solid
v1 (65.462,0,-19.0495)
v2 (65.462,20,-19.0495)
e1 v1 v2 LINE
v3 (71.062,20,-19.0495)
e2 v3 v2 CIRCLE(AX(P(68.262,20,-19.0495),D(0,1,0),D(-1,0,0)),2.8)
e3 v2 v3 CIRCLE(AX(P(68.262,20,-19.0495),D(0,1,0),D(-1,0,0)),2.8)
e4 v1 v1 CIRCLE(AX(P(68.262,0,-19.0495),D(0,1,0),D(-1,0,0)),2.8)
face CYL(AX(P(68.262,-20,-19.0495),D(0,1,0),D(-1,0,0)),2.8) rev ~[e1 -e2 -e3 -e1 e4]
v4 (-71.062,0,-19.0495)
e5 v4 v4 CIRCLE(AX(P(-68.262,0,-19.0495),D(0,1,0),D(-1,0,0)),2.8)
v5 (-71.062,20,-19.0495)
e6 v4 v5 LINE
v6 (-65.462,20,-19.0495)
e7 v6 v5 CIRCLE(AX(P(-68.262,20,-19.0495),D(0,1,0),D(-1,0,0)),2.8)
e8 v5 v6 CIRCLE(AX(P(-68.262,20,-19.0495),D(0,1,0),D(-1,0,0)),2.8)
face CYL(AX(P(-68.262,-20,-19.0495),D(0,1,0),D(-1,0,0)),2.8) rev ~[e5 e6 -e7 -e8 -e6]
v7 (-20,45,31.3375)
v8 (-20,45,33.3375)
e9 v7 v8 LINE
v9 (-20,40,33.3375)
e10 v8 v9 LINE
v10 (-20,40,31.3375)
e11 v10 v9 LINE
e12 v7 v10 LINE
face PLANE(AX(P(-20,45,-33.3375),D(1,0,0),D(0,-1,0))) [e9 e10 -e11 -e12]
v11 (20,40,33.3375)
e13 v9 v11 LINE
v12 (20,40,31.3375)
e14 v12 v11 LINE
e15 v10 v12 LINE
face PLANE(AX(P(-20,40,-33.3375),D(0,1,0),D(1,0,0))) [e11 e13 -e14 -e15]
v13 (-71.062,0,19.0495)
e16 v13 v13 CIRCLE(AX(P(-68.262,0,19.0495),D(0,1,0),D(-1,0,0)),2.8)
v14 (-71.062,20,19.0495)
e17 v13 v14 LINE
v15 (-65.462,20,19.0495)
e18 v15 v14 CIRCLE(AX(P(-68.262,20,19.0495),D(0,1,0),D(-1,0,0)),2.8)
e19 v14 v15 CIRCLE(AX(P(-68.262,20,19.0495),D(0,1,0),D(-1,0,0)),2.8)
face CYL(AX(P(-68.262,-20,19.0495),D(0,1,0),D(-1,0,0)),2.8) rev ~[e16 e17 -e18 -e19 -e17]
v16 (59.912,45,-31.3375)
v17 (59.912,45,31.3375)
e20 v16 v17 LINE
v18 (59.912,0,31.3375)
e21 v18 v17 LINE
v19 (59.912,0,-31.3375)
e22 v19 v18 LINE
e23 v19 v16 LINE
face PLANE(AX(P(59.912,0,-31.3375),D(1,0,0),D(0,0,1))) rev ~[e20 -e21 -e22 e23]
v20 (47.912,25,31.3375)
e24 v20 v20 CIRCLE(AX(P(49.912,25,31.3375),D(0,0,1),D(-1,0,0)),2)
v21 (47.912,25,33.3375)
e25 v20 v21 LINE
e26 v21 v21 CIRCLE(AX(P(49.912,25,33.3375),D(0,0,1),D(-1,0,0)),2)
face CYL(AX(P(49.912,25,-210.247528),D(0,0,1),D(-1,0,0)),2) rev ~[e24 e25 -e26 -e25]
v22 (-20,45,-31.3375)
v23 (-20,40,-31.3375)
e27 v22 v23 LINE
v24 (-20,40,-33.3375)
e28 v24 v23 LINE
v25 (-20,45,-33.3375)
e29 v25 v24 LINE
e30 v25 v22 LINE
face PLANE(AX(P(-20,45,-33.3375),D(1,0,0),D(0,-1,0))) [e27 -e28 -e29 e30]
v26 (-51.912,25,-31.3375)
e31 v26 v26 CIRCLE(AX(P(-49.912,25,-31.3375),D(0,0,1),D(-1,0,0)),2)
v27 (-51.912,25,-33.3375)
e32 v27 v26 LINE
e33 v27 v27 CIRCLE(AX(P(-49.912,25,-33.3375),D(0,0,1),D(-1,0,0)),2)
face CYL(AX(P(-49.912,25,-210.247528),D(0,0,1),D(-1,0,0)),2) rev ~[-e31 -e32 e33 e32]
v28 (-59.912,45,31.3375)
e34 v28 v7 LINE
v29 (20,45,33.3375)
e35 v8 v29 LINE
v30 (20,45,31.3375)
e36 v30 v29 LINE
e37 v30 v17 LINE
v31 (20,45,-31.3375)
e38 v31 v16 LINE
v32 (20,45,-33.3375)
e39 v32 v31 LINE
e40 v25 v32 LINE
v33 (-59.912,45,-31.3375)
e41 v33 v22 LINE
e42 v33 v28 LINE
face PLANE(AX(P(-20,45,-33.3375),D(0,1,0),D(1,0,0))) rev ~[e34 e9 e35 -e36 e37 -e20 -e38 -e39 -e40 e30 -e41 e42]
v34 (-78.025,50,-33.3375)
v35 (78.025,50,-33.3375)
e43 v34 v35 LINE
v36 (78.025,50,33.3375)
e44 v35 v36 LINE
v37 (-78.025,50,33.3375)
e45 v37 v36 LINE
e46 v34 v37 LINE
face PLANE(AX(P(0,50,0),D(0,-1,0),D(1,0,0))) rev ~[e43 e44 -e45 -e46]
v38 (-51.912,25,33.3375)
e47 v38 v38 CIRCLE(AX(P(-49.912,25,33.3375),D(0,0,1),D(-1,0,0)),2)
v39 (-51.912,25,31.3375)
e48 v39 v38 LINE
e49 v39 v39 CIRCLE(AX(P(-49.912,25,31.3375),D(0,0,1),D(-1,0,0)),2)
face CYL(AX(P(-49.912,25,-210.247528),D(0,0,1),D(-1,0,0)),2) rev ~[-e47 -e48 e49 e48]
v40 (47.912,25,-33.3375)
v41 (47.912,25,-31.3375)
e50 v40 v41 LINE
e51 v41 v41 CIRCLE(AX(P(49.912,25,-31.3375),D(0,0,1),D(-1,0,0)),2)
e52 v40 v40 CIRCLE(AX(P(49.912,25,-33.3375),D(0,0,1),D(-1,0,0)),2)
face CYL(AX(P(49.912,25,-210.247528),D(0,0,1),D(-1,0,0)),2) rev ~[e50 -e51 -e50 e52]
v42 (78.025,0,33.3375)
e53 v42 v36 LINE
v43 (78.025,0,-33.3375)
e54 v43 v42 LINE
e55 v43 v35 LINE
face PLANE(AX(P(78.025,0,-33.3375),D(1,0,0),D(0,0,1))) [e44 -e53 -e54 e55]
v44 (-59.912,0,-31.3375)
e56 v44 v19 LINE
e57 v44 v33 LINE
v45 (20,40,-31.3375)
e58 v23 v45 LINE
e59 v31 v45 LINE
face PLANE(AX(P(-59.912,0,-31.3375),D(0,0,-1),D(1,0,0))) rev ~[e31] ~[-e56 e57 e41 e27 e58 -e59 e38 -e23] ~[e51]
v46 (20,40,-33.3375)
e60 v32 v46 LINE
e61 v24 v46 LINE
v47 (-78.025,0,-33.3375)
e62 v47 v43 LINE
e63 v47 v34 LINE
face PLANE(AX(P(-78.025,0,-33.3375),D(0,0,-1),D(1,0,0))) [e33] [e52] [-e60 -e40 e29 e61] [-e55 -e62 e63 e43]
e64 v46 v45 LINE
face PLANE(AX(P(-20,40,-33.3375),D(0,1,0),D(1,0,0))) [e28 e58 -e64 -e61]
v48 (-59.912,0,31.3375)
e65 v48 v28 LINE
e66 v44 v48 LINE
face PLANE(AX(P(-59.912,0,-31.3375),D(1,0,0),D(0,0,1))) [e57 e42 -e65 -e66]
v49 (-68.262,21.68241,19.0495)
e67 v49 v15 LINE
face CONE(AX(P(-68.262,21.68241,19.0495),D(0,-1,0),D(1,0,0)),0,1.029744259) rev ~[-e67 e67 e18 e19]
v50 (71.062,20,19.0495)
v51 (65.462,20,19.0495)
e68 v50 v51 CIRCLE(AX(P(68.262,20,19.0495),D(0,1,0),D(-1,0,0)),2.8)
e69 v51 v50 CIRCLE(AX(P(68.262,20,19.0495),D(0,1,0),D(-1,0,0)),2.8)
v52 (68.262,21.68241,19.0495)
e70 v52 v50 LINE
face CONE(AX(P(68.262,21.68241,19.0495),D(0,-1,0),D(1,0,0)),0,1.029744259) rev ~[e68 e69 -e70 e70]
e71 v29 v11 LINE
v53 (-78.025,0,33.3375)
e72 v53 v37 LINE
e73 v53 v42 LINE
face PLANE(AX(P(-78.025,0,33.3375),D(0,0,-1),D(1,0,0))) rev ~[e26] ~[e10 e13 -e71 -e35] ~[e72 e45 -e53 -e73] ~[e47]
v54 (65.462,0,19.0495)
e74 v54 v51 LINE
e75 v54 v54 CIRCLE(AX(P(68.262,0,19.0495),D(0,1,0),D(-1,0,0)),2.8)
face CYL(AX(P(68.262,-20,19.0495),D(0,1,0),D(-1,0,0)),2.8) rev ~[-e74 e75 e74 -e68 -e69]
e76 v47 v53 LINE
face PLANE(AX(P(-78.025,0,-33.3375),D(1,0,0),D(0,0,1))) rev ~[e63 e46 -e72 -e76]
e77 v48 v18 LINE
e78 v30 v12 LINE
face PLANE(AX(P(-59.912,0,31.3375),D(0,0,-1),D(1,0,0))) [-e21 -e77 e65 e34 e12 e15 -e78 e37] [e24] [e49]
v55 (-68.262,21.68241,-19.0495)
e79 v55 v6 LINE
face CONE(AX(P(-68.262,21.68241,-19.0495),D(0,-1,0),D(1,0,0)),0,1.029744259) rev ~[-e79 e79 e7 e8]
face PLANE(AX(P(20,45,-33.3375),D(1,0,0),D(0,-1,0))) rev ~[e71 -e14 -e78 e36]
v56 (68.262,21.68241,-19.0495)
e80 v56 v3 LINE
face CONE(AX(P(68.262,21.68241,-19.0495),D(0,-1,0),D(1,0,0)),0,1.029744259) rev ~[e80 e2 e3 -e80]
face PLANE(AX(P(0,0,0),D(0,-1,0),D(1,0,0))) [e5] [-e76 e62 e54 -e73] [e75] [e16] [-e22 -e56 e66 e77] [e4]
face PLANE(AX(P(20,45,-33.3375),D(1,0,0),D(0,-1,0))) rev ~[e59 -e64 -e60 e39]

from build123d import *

# Parameters (mm, degrees)
F1_W     = 156.05
F1_H     = 66.675
F2_DEPTH = 50
F3_D     = 5.6
F3_DEPTH = 20
F3_TIP   = 1.6824097333
F4_W     = 119.824
F4_H     = 62.675
F5_DEPTH = 45
F6_W     = 40
F6_H     = 5
F7_DEPTH = 66.676
F9_D     = 4


with BuildPart() as f2:
    # F1 (on Front) → F2 (new body)
    with BuildSketch(Plane.XZ):
        Rectangle(F1_W, F1_H)
    extrude(amount=-F2_DEPTH)

    # F3
    with Locations(Plane.XZ):
        with Locations((-68.262, 19.0495), (-68.262, -19.0495), (68.262, -19.0495), (68.262, 19.0495)):
            Hole(F3_D / 2, depth=F3_DEPTH)
            with Locations((0, 0, -(F3_DEPTH + F3_TIP / 2))):  # 118° drill point
                Cone(0, F3_D / 2, F3_TIP, mode=Mode.SUBTRACT)

    # F4 (on face) → F5 (cut)
    with BuildSketch(Plane.XZ):
        Rectangle(F4_W, F4_H)
    extrude(amount=-F5_DEPTH, mode=Mode.SUBTRACT)

    # F6 (on face) → F7 (cut, through all)
    with BuildSketch(Plane(origin=(0, 0, -33.3375), x_dir=(1, 0, 0), z_dir=(0, 0, -1))):
        with Locations((0, -42.5)):
            Rectangle(F6_W, F6_H)
    extrude(amount=-F7_DEPTH, mode=Mode.SUBTRACT)

    # F9 (through all)
    with Locations(Plane(origin=(0, 0, -33.3375), x_dir=(1, 0, 0), z_dir=(0, 0, -1))):
        with Locations((-49.912, -25), (49.912, -25)):
            Hole(F9_D / 2)


solid = f2.part
